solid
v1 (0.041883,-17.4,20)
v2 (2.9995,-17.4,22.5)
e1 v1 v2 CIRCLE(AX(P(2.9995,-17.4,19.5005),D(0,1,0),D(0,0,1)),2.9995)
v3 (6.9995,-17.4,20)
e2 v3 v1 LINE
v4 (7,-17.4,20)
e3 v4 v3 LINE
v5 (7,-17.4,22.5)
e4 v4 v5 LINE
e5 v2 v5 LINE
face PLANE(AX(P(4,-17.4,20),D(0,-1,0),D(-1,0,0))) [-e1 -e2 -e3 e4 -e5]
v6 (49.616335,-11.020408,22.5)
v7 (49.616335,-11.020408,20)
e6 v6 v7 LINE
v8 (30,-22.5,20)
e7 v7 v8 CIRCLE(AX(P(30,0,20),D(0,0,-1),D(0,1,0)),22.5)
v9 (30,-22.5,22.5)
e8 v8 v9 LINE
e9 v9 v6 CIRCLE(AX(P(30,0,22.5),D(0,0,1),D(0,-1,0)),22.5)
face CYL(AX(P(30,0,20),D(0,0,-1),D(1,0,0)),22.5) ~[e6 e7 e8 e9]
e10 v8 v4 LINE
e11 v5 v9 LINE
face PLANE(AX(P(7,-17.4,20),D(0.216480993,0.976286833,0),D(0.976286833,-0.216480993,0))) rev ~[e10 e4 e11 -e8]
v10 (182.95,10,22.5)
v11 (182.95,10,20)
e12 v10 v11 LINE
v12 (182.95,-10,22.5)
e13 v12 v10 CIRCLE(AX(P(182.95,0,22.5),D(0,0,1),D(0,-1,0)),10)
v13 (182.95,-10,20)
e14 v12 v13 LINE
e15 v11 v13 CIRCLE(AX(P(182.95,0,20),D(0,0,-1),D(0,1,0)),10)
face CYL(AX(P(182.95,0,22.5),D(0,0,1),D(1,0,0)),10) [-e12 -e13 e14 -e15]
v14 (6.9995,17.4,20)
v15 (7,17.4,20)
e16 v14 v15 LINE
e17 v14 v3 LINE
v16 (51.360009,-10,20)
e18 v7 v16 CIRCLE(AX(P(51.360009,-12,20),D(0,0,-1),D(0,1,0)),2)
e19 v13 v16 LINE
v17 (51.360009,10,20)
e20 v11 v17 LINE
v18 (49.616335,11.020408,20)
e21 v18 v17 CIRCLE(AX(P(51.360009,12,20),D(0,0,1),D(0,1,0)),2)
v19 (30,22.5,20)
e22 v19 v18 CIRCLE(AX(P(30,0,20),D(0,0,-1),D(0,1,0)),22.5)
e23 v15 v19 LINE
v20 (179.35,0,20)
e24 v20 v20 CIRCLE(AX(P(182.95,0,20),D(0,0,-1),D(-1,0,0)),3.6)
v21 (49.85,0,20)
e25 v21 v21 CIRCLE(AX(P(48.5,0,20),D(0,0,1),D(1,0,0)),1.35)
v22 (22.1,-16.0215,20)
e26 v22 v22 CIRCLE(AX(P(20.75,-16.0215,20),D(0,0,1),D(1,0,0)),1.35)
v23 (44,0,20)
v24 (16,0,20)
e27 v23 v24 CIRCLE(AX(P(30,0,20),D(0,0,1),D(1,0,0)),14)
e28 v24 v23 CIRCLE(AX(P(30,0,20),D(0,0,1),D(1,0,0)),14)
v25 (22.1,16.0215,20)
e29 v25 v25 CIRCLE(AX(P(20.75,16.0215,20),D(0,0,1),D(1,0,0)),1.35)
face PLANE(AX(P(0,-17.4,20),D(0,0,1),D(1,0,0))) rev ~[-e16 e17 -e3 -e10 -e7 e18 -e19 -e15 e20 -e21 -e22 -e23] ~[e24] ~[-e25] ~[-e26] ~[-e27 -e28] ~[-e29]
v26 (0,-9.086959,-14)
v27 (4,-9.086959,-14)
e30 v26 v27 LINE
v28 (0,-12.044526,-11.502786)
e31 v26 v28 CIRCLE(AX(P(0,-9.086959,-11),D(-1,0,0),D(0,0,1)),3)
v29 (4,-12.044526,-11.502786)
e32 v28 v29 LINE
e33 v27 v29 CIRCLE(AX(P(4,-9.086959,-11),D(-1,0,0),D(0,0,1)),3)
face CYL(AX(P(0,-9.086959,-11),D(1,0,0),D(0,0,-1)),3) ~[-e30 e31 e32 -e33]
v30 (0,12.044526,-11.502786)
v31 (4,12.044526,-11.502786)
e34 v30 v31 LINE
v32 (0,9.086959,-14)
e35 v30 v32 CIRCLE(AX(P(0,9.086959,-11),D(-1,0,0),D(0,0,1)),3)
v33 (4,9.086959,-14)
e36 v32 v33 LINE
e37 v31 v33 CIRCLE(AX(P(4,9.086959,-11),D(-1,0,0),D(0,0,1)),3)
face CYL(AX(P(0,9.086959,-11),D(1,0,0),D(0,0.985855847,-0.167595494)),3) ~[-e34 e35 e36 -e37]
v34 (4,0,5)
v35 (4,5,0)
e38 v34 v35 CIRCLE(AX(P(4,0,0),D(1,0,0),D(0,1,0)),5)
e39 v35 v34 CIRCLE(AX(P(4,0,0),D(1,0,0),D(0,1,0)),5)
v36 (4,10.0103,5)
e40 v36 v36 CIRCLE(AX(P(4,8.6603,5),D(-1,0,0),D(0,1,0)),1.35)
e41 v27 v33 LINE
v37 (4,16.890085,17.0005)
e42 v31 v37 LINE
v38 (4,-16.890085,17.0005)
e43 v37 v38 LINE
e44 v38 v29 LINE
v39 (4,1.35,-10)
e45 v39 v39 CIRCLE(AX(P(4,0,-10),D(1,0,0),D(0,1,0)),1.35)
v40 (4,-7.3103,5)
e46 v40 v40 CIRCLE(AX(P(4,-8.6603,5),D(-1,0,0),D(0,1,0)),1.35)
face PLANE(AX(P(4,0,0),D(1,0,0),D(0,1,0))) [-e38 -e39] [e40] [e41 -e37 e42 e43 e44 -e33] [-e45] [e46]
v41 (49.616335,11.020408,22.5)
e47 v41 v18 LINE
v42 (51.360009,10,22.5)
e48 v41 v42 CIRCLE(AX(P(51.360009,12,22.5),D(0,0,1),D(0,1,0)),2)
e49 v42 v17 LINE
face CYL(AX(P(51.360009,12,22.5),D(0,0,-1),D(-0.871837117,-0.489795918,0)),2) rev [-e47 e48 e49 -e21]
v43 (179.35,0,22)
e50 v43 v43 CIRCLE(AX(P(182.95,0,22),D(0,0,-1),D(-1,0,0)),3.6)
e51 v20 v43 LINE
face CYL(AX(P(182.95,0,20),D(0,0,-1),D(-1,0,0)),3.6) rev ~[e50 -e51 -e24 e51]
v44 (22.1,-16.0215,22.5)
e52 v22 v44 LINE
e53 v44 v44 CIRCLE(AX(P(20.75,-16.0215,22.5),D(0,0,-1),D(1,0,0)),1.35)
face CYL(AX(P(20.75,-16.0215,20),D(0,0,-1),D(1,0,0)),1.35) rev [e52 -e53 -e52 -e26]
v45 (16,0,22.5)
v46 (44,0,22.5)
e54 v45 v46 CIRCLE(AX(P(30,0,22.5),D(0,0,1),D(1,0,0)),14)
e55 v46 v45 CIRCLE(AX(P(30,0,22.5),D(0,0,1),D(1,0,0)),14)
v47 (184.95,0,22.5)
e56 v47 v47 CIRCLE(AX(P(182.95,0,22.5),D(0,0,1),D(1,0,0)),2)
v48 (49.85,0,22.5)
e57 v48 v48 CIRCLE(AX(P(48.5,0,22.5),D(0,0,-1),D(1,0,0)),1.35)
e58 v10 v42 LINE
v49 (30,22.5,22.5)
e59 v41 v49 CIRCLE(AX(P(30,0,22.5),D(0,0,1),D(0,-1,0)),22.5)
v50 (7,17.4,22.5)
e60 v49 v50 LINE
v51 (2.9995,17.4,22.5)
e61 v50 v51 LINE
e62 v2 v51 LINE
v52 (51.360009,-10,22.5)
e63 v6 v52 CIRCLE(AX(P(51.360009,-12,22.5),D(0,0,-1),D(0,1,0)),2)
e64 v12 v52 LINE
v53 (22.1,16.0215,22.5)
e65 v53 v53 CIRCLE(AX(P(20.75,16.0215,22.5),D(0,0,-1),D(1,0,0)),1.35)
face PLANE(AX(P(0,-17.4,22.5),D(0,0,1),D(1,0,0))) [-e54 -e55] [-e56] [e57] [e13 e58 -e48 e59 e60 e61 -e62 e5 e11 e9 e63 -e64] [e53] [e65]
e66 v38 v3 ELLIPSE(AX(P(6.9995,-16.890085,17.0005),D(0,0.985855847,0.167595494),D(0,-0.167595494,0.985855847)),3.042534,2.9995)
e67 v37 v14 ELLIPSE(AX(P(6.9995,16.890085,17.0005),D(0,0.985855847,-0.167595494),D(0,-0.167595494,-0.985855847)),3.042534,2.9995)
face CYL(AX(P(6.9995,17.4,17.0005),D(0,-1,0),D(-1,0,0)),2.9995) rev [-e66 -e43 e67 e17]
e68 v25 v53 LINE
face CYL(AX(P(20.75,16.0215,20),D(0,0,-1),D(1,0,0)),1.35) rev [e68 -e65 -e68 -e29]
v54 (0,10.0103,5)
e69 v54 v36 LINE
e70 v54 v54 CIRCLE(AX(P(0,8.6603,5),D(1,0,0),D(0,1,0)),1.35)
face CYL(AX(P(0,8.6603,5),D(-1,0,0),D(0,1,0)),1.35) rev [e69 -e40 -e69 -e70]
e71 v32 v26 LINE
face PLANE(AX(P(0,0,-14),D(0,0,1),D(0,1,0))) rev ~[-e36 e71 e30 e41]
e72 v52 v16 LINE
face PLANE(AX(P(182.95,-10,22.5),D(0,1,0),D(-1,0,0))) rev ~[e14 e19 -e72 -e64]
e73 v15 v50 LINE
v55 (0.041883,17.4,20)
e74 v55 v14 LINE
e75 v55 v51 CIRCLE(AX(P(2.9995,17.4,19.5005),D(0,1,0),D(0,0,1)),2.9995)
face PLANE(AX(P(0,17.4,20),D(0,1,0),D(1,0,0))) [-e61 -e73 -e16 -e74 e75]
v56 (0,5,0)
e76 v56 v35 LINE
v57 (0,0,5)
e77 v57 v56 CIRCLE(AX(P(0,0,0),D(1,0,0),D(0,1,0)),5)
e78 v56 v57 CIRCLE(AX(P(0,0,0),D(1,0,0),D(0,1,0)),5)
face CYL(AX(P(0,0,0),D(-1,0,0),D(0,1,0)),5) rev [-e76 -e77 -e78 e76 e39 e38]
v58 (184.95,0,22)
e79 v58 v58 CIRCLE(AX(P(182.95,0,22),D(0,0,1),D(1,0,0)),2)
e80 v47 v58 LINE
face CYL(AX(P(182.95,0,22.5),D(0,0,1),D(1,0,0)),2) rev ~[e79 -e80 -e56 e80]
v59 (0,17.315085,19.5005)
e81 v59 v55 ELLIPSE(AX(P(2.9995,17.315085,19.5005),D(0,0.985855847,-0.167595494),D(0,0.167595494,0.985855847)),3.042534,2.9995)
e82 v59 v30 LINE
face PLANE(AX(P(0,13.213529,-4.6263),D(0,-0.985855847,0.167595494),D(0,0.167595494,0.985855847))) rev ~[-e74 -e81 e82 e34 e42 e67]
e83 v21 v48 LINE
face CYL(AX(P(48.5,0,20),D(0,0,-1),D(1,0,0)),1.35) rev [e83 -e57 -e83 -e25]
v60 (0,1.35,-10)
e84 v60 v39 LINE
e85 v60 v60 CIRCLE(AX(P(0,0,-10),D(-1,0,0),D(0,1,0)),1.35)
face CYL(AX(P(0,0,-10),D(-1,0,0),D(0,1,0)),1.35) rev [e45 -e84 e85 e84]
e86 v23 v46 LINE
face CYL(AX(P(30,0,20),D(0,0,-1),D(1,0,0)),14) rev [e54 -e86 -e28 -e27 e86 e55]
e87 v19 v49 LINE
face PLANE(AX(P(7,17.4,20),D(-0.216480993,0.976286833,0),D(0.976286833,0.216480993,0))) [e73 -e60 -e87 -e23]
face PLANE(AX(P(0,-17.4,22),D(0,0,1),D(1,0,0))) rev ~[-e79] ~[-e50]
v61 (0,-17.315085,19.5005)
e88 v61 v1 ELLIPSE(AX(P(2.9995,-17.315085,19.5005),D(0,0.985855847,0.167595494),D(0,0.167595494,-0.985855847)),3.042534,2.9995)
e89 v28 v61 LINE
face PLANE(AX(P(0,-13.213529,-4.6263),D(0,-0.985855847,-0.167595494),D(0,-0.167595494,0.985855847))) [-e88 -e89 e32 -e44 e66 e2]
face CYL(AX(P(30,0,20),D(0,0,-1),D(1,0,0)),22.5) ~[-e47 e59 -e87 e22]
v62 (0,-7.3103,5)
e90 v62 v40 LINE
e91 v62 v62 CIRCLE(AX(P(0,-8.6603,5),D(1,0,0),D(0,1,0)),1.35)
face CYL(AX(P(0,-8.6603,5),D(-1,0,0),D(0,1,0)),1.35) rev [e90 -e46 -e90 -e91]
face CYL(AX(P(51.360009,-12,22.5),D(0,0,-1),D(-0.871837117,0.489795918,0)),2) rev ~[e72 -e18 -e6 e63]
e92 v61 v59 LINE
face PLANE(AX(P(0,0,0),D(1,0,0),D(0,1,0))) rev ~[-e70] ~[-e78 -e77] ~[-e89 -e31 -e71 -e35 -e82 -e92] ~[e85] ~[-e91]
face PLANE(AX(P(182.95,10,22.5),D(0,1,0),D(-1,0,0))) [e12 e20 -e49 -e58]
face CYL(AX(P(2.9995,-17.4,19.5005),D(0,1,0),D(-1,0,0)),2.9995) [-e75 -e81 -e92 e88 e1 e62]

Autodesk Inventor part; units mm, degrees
ref_plane "YZ Plane" through (0, 0, 0) normal (1, 0, 0) x (0, 1, 0)
ref_plane "XZ Plane" through (0, 0, 0) normal (0, 1, 0) x (-1, 0, 0)
ref_plane "XY Plane" through (0, 0, 0) normal (0, 0, 1) x (1, 0, 0)
sketch "スケッチ1" plane through (0, 0, 0) normal (1, 0, 0) x (0, 1, 0)
  circle A0 centre (0, 0) radius 10
  circle A1 centre (0, -10) radius 1.35
  circle A2 centre (8.6603, 5) radius 1.35
  circle A3 centre (-8.6603, 5) radius 1.35
  circle A4 centre (0, 0) radius 5
  line L0 (0, 0) -> (0, 50)
  circle A5 centre (0, 50) radius 22.5
  circle A6 centre (0, 0) radius 14
  line L1 (-14, 0) -> (-22.5, 50)
  line L2 (14, 0) -> (22.5, 50)
  line L3 (0, -14) -> (-11.62, -14)
  line L4 (-11.62, -14) -> (-14, 0)
  line L5 (0, -14) -> (11.62, -14)
  line L6 (11.62, -14) -> (14, 0)
  line L7 (0, 20) -> (-17.4, 20)
  line L8 (0, 20) -> (17.4, 20)
  dimension "d0" = 20
  dimension "d1" = 2.7
  dimension "d4" = 360
  dimension "d6" = 10
  dimension "d7" = 50
  dimension "d8" = 45
  dimension "d9" = 28
extrude "押し出し1" add sketch "スケッチ1" along normal blind 4 contours A0 A1 A3 A2 | A6 L6 L4 | A6 L1 L7 L0 | L0 L8 L2 A6 | L6 L5 A6 | A6 L3 L4
sketch "スケッチ2" plane through (0, -17.4, 20) normal (0, 0, 1) x (1, 0, 0)
  line L0 (0, 17.4) -> (30, 17.4)
  circle A0 centre (30, 17.4) radius 22.5
  circle A1 centre (30, 17.4) radius 18.5
  circle A2 centre (30, 17.4) radius 14
  circle A3 centre (48.5, 17.4) radius 1.35
  circle A4 centre (20.75, 33.4215) radius 1.35
  circle A5 centre (20.75, 1.3785) radius 1.35
  line L1 (0, 29.02) -> (0, 34.8) projected
  line L2 (0, 0) -> (0, 5.78) projected
  line L3 (0, 34.8) -> (0, 0)
  line L4 (4, 29.02) -> (4, 34.8) projected
  line L5 (4, 34.8) -> (7, 34.8)
  line L6 (7, 34.8) -> (30, 39.9)
  line L7 (4, 0) -> (4, 5.78) projected
  line L8 (4, 0) -> (7, 0)
  line L9 (7, 0) -> (30, -5.1)
  line L10 (4, 0) -> (0, 0)
  line L11 (0, 34.8) -> (4, 34.8) projected
  line L12 (0, 0) -> (0, 34.8)
  line L13 (0, 34.8) -> (4, 34.8)
  dimension "d14" = 37
  dimension "d12" = 30
  dimension "d13" = 45
  dimension "d15" = 28
  dimension "d16" = 2.7
  dimension "d19" = 360
  dimension "d21" = 3
  dimension "d22" = 3
extrude "押し出し2" add sketch "スケッチ2" along normal blind 2.5 contours L3 L1 L11 L5 L6 A0 L0 | L0 A0 L9 L8 L10 L2 L3 | A1 A4 A3 A5 | A0 L6 L9
fillet "フィレット1" radius 3 2 edges at (4, 0, 20) (0, 0, 22.5)
fillet "フィレット2" radius 3 2 edges at (2, -11.62, -14) (2, 11.62, -14)
sketch "スケッチ7" plane through (0, -17.4, 22.5) normal (0, 0, 1) x (1, 0, 0)
  circle A0 centre (30, 17.4) radius 14 projected
  line L0 (30, 17.4) -> (182.95, 17.4)
  line L1 (30, 17.4) -> (182.95, 17.4) construction
  circle A1 centre (182.95, 17.4) radius 3.5
  circle A2 centre (182.95, 17.4) radius 10
  line L2 (182.95, 27.4) -> (50.1556, 27.4)
  arc A3 (30, -5.1) -> (30, 39.9) centre (30, 17.4) ccw projected
  line L3 (182.95, 27.4) -> (315.7444, 27.4) construction
  line L4 (182.95, 7.4) -> (50.1556, 7.4)
  point P0 (0, 17.4)
  dimension "d55" = 152.95
  dimension "d56" = 0
  dimension "d57" = 7
  dimension "d58" = 20
  dimension "d59" = 180
extrude "押し出し7" add sketch "スケッチ7" against normal blind 2.5 contours A3 L2 A2 L0 | L0 A2 L4 A3 | A2
fillet "フィレット3" radius 2 2 edges at (50.1556, 10, 21.25) (50.1556, -10, 21.25)
sketch "スケッチ9" plane through (0, -17.4, 22.5) normal (0, 0, 1) x (1, 0, 0)
  circle A0 centre (182.95, 17.4) radius 3.5 projected
  circle A1 centre (182.95, 17.4) radius 3.5
  circle A2 centre (182.95, 17.4) radius 2
  point P0 (0, 17.4)
  dimension "d68" = 4
extrude "押し出し9" add sketch "スケッチ9" against normal blind 0.5
sketch "スケッチ10" plane through (0, -17.4, 20) normal (0, 0, -1) x (-1, 0, 0)
  circle A0 centre (-182.95, 17.4) radius 3.5 projected
  circle A1 centre (-182.95, 17.4) radius 3.6
  point P0 (0, 17.4)
  dimension "d71" = 7.2
extrude "押し出し10" cut sketch "スケッチ10" against normal blind 2 contours A0 | A1
properties part number "motor_holder_2" material "アルミニウム 6061"
